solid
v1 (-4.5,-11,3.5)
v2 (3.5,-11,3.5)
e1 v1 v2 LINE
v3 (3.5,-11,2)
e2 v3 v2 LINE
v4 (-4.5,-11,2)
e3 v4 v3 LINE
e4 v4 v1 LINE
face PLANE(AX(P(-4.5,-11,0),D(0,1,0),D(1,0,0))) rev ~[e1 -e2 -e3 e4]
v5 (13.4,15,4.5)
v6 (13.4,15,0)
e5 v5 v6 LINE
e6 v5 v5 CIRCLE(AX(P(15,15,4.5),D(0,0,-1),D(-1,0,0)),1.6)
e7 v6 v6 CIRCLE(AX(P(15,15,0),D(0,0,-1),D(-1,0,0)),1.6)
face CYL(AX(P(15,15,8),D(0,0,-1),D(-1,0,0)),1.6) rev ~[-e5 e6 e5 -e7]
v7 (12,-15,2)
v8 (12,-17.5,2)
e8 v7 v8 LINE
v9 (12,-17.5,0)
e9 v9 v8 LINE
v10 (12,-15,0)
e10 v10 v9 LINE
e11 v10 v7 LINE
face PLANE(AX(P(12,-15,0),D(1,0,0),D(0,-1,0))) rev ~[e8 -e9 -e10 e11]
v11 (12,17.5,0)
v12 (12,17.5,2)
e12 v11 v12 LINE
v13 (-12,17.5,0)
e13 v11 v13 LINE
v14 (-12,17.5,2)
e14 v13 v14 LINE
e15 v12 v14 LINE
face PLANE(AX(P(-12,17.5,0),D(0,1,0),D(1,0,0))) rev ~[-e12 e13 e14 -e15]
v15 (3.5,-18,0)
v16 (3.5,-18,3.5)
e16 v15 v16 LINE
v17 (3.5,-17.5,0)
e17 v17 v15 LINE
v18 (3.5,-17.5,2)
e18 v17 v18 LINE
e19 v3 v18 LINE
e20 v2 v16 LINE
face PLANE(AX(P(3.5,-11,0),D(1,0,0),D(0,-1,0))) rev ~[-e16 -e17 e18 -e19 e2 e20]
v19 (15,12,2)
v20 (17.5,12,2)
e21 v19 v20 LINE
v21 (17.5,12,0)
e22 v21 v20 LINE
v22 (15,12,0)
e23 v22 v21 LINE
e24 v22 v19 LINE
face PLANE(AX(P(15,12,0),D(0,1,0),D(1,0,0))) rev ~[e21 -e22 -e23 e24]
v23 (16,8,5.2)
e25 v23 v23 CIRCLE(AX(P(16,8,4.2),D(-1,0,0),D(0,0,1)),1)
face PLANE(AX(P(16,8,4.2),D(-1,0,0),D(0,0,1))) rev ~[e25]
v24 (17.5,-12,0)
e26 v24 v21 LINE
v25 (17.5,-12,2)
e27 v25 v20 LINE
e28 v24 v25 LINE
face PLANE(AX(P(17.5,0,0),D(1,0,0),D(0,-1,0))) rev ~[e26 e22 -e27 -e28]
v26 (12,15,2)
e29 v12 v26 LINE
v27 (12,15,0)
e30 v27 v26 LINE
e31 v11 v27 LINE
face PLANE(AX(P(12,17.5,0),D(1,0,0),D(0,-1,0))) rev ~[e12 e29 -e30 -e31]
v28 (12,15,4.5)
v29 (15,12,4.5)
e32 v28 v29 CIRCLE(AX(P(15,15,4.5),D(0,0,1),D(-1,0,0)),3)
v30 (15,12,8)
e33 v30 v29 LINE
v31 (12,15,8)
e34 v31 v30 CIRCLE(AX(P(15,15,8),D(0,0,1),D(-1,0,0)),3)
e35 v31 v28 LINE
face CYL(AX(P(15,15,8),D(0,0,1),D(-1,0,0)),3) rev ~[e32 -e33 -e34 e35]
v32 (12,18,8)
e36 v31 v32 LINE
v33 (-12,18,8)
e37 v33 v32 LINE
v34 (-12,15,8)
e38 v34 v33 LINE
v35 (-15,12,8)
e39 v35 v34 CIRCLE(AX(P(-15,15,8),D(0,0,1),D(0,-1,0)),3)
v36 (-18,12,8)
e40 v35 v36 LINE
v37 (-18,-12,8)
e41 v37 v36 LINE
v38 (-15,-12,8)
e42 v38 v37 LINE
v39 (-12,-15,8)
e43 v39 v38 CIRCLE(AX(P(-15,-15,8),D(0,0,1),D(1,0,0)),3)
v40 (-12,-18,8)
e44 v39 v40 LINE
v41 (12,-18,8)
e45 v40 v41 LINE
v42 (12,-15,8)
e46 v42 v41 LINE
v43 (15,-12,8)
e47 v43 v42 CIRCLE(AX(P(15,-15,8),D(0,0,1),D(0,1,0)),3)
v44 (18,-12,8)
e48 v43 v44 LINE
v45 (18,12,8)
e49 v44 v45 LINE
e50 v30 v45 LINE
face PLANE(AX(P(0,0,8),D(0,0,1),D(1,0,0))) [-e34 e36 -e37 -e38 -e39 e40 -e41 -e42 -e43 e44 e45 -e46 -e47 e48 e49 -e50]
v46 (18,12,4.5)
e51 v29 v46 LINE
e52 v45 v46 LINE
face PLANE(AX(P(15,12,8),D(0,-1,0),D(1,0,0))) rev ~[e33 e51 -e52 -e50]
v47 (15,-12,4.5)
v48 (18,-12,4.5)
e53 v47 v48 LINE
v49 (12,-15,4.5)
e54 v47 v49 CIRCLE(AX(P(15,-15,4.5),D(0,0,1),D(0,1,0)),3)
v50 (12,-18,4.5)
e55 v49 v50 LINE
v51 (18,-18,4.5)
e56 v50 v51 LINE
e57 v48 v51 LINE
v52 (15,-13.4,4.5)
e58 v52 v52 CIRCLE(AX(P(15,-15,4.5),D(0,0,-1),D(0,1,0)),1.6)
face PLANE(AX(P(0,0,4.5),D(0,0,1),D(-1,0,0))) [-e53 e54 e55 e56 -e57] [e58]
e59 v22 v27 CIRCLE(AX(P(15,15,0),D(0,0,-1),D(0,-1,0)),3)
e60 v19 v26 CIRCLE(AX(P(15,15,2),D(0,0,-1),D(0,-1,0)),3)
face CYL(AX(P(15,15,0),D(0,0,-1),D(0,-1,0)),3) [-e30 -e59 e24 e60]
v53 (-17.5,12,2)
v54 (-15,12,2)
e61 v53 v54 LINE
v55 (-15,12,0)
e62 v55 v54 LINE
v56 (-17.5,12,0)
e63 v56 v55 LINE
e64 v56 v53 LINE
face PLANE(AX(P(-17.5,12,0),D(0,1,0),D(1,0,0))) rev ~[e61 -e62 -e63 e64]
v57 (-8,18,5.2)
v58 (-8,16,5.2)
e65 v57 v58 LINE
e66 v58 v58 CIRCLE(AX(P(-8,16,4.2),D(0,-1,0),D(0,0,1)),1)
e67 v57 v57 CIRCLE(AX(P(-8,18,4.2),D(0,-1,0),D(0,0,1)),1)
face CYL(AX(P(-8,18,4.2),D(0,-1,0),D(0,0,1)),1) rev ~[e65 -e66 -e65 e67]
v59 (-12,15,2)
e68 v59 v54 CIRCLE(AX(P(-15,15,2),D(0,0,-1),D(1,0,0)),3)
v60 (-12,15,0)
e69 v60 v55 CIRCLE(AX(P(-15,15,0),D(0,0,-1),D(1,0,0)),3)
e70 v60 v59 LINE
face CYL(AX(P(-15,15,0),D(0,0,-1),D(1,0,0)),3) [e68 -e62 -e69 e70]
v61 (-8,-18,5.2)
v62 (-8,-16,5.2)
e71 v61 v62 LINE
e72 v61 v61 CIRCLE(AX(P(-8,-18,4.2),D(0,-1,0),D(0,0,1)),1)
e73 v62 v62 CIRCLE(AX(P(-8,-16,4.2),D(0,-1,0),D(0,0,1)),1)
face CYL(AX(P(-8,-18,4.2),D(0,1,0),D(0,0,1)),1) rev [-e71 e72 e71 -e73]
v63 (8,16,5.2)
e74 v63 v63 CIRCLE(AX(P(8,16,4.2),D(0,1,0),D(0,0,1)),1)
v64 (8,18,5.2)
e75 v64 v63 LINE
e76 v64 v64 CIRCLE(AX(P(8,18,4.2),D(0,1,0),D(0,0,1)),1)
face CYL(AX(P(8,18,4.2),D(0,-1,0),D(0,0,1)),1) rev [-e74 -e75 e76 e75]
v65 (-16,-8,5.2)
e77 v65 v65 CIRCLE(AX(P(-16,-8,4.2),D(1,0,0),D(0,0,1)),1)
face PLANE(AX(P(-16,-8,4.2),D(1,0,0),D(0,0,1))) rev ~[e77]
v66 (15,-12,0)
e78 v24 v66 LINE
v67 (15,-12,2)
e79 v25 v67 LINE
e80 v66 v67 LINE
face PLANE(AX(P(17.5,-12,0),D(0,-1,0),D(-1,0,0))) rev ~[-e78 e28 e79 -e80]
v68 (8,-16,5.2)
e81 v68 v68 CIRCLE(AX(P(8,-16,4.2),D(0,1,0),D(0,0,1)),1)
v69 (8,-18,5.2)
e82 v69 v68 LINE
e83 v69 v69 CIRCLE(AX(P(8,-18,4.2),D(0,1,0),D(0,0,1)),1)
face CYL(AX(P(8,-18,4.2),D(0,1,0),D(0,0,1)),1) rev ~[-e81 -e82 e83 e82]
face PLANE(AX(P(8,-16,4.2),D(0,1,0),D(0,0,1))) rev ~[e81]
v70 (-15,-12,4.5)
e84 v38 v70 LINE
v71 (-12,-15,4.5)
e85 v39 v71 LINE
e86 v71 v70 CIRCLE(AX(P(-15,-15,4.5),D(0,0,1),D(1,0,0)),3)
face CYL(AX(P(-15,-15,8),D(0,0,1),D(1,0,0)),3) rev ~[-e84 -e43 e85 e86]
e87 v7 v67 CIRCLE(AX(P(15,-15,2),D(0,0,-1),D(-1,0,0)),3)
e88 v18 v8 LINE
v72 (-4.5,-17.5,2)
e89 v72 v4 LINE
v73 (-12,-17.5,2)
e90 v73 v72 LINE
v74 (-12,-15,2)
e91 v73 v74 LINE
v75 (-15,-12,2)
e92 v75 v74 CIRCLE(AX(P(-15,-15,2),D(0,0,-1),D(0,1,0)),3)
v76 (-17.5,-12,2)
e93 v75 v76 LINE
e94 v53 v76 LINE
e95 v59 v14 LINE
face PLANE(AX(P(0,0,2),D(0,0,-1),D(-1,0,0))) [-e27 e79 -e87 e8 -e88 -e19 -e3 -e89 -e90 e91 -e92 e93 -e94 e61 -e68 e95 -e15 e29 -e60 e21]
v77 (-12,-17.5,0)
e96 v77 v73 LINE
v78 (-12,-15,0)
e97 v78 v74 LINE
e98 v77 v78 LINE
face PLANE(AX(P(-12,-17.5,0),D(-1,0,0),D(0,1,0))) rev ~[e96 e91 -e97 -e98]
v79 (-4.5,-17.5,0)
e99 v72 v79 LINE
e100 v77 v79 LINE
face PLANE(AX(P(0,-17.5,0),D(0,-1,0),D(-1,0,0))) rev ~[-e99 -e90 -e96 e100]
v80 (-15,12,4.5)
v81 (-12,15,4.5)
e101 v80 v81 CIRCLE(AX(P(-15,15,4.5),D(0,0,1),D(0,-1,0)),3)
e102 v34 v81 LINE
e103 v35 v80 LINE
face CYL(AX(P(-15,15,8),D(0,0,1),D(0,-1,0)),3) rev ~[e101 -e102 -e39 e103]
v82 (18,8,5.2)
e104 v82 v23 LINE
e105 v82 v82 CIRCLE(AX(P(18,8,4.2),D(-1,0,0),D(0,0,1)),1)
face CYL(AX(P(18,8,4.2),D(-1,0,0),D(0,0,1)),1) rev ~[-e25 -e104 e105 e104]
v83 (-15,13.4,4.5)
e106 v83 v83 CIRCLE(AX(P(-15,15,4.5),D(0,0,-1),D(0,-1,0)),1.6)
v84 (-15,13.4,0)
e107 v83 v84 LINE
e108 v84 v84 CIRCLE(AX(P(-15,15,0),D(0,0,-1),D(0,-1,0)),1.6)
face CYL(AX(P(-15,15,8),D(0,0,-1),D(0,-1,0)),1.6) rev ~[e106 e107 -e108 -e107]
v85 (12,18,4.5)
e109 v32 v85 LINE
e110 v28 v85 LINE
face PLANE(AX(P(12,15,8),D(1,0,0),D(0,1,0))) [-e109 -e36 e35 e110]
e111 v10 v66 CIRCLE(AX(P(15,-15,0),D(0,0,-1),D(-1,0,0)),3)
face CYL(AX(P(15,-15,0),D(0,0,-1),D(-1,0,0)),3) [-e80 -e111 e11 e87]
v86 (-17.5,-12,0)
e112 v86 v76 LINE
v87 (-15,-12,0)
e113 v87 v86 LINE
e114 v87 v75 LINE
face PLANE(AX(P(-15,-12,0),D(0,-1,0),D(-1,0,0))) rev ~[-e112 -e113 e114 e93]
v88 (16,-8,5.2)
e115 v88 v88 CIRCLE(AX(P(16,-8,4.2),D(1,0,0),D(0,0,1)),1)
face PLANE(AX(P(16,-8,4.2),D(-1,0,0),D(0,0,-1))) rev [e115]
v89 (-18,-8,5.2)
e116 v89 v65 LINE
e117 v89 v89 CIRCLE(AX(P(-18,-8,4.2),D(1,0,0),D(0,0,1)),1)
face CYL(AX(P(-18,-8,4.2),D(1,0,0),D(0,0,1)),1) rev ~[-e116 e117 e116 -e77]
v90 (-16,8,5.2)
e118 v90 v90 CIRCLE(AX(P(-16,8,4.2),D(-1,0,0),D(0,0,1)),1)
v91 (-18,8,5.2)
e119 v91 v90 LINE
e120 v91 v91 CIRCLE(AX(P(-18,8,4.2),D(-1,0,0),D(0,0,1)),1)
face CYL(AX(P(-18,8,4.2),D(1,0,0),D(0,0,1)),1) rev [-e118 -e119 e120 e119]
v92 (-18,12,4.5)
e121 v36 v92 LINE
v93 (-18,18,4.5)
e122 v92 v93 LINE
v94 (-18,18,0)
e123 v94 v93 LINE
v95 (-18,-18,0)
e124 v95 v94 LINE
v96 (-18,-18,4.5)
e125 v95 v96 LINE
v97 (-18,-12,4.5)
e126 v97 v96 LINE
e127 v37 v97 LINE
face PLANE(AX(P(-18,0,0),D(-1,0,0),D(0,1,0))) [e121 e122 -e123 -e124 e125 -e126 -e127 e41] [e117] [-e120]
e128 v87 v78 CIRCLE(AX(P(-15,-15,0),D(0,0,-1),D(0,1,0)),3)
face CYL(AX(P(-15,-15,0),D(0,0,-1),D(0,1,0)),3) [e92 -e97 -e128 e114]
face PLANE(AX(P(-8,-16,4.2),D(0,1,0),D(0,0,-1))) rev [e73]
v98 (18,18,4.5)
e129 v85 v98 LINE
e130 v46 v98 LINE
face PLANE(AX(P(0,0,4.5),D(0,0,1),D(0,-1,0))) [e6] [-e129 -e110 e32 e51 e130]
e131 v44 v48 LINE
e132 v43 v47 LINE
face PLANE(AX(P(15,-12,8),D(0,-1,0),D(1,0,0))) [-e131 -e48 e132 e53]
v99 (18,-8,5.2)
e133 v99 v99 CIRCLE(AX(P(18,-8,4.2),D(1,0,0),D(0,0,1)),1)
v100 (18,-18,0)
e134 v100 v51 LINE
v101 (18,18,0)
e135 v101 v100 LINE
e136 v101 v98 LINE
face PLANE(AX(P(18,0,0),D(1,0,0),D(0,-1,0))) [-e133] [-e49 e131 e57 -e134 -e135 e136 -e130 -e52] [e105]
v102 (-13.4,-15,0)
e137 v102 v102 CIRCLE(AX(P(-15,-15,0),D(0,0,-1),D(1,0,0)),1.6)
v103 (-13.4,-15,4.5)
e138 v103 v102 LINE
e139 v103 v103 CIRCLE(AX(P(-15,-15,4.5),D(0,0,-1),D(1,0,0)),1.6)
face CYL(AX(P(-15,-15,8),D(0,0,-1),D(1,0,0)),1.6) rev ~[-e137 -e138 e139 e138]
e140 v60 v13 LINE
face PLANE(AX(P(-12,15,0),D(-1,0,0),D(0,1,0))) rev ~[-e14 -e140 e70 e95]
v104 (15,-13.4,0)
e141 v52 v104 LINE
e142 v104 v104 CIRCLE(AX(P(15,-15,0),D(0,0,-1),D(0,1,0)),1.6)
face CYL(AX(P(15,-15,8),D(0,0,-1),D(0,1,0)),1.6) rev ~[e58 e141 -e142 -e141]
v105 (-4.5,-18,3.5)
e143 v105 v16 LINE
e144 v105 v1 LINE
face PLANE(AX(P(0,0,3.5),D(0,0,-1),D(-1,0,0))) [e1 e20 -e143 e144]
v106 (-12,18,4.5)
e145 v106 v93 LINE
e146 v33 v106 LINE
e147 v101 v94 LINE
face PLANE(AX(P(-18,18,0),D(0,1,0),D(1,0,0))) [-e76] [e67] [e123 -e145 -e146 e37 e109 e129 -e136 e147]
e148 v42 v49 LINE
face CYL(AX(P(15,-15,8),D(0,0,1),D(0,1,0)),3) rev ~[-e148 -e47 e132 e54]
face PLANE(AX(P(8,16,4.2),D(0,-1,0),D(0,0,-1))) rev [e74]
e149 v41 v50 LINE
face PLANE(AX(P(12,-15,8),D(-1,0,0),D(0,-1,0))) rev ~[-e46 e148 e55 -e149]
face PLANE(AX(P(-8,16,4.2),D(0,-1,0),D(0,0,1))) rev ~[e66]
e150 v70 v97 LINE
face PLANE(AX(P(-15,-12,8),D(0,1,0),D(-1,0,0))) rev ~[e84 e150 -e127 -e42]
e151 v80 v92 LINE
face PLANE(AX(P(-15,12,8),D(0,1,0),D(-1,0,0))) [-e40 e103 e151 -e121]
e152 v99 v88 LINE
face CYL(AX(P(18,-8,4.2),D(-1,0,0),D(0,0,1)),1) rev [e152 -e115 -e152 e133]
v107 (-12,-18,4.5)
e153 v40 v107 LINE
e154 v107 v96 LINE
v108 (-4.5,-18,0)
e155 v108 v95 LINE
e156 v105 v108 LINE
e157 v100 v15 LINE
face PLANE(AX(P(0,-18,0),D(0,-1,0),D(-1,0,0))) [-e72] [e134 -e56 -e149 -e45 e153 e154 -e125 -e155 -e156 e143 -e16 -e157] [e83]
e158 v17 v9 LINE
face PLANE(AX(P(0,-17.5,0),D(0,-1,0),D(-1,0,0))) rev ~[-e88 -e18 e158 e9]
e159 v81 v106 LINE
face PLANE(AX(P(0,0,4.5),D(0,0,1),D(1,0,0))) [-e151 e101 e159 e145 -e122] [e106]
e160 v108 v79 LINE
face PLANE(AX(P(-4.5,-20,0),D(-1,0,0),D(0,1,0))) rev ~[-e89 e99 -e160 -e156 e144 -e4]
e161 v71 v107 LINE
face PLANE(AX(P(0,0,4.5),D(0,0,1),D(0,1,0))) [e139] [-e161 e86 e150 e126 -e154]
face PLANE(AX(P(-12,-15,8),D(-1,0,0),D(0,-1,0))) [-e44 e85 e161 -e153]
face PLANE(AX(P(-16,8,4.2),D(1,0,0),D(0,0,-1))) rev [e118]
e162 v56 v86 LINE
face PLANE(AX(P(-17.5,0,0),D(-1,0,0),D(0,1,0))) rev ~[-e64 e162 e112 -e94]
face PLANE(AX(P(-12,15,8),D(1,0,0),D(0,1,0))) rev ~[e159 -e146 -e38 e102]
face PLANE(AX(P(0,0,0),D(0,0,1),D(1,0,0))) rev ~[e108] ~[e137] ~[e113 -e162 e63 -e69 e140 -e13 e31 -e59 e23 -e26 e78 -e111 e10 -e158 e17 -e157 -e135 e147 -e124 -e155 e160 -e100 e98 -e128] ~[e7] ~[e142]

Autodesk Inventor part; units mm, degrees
ref_plane "YZ Plane" through (0, 0, 0) normal (1, 0, 0) x (0, 1, 0)
ref_plane "XZ Plane" through (0, 0, 0) normal (0, 1, 0) x (-1, 0, 0)
sketch "Sketch1" plane through (0, 0, 0) normal (0, 0, 1) x (1, 0, 0)
  line L0 (-21.6, 0) -> (3.6, 0) construction
  line L1 (0, -3.6) -> (0, 21.6) construction
  line L2 (-18, 18) -> (0, 18)
  line L3 (0, 18) -> (0, 0)
  line L4 (0, 0) -> (-18, 0)
  line L5 (-18, 0) -> (-18, 18)
  dimension "d0" = 18
  dimension "d1" = 18
extrude "Extrusion1" add sketch "Sketch1" along normal blind 8
sketch "Sketch2" plane through (0, 0, 8) normal (0, 0, 1) x (1, 0, 0)
  line L0 (-21.6, 0) -> (3.6, 0) projected
  line L1 (0, -3.6) -> (0, 21.6) projected
  point P0 (0, 0)
  point P1 (-15, 15)
  dimension "d4" = 15
  dimension "d5" = 15
hole "Hole1" at (-15, 15, 8) direction (0, 0, -1) diameter 3.2 end through all
sketch "Sketch3" plane through (0, 0, 8) normal (0, 0, 1) x (1, 0, 0)
  line L0 (-21.6, 0) -> (3.6, 0) construction
  line L1 (0, -3.6) -> (0, 21.6) construction
  line L2 (-18, 18) -> (-18, 0) construction
  line L3 (0, 18) -> (-18, 18) construction
  circle A0 centre (-15, 15) radius 1.6 construction
  arc A1 (-15, 12) -> (-12, 15) centre (-15, 15) ccw
  line L4 (-15, 12) -> (-18, 12)
  line L5 (-12, 15) -> (-12, 18)
  line L6 (-12, 18) -> (-18, 18)
  line L7 (-18, 12) -> (-18, 18)
  point P0 (0, 0)
  dimension "d13" = 3
extrude "Extrusion2" cut sketch "Sketch3" against normal blind 3.5
sketch "Sketch4" plane through (0, 0, 0) normal (0, 0, -1) x (-1, 0, 0)
  line L0 (21.6, 0) -> (-3.6, 0) construction
  line L1 (0, -3.6) -> (0, 21.6) construction
  line L2 (18, 18) -> (18, 0) construction
  line L3 (0, 18) -> (18, 18) construction
  line L4 (17.5, 0) -> (17.5, 12)
  circle A0 centre (15, 15) radius 1.6 construction
  line L5 (17.5, 12) -> (15, 12)
  arc A1 (12, 15) -> (15, 12) centre (15, 15) ccw
  line L6 (12, 15) -> (12, 17.5)
  line L7 (12, 17.5) -> (0, 17.5)
  line L8 (0, 17.5) -> (0, 0)
  line L9 (0, 0) -> (17.5, 0)
  dimension "d19" = 0.5
  dimension "d20" = 0.5
  dimension "d21" = 3
extrude "Extrusion3" cut sketch "Sketch4" against normal blind 2
sketch "Sketch5" plane through (-18, 18, 0) normal (0, 1, 0) x (1, 0, 0)
  line L0 (-3.6, 0) -> (21.6, 0) projected
  line L1 (18, 1.6) -> (18, -9.6) projected
  line L2 (18, -8) -> (6, -8) projected
  point P0 (18, 0)
  point P1 (10, -4.2)
  dimension "d24" = 8
  dimension "d25" = 3.8
hole "M3/6/10" at (-8, 18, 4.2) direction (0, -1, 0) diameter 2 depth 2
ref_plane "Work Plane1" through (-18, 18, 0) normal (0.7071, 0.7071, 0) x (0, 0, 1)
mirror "Mirror1" about plane through (-18, 18, 0) normal (0.7071, 0.7071, 0) of "M3/6/10"
pattern_circular "Circular Pattern1" count 4 over 360 about axis through (0, 0, -10) along (0, 0, 1)
sketch "Sketch7" plane through (0, 0, 0) normal (0, 0, -1) x (-1, 0, 0)
  line L0 (25.2, 0) -> (-25.2, 0) construction
  line L1 (0, -27.6) -> (0, 25.6) construction
  line L2 (18, -18) -> (-18, -18) construction
  line L3 (4.5, -11) -> (-3.5, -11)
  line L4 (-3.5, -11) -> (-3.5, -20)
  line L5 (-3.5, -20) -> (4.5, -20)
  line L6 (4.5, -20) -> (4.5, -11)
  line L7 (0.5, -11) -> (0.5, -20) construction
  line L8 (-18, -18) -> (-18, 18) projected
  point P0 (0, 0)
  dimension "d33" = 9
  dimension "d34" = 8
  dimension "d35" = 2
  dimension "d36" = 18.5
extrude "Extrusion4" cut sketch "Sketch7" against normal blind 3.5
equation "\"d5\" = d4"
equation "\"d20\" = d19"
properties part number "P106" material "ABS Plastic"
